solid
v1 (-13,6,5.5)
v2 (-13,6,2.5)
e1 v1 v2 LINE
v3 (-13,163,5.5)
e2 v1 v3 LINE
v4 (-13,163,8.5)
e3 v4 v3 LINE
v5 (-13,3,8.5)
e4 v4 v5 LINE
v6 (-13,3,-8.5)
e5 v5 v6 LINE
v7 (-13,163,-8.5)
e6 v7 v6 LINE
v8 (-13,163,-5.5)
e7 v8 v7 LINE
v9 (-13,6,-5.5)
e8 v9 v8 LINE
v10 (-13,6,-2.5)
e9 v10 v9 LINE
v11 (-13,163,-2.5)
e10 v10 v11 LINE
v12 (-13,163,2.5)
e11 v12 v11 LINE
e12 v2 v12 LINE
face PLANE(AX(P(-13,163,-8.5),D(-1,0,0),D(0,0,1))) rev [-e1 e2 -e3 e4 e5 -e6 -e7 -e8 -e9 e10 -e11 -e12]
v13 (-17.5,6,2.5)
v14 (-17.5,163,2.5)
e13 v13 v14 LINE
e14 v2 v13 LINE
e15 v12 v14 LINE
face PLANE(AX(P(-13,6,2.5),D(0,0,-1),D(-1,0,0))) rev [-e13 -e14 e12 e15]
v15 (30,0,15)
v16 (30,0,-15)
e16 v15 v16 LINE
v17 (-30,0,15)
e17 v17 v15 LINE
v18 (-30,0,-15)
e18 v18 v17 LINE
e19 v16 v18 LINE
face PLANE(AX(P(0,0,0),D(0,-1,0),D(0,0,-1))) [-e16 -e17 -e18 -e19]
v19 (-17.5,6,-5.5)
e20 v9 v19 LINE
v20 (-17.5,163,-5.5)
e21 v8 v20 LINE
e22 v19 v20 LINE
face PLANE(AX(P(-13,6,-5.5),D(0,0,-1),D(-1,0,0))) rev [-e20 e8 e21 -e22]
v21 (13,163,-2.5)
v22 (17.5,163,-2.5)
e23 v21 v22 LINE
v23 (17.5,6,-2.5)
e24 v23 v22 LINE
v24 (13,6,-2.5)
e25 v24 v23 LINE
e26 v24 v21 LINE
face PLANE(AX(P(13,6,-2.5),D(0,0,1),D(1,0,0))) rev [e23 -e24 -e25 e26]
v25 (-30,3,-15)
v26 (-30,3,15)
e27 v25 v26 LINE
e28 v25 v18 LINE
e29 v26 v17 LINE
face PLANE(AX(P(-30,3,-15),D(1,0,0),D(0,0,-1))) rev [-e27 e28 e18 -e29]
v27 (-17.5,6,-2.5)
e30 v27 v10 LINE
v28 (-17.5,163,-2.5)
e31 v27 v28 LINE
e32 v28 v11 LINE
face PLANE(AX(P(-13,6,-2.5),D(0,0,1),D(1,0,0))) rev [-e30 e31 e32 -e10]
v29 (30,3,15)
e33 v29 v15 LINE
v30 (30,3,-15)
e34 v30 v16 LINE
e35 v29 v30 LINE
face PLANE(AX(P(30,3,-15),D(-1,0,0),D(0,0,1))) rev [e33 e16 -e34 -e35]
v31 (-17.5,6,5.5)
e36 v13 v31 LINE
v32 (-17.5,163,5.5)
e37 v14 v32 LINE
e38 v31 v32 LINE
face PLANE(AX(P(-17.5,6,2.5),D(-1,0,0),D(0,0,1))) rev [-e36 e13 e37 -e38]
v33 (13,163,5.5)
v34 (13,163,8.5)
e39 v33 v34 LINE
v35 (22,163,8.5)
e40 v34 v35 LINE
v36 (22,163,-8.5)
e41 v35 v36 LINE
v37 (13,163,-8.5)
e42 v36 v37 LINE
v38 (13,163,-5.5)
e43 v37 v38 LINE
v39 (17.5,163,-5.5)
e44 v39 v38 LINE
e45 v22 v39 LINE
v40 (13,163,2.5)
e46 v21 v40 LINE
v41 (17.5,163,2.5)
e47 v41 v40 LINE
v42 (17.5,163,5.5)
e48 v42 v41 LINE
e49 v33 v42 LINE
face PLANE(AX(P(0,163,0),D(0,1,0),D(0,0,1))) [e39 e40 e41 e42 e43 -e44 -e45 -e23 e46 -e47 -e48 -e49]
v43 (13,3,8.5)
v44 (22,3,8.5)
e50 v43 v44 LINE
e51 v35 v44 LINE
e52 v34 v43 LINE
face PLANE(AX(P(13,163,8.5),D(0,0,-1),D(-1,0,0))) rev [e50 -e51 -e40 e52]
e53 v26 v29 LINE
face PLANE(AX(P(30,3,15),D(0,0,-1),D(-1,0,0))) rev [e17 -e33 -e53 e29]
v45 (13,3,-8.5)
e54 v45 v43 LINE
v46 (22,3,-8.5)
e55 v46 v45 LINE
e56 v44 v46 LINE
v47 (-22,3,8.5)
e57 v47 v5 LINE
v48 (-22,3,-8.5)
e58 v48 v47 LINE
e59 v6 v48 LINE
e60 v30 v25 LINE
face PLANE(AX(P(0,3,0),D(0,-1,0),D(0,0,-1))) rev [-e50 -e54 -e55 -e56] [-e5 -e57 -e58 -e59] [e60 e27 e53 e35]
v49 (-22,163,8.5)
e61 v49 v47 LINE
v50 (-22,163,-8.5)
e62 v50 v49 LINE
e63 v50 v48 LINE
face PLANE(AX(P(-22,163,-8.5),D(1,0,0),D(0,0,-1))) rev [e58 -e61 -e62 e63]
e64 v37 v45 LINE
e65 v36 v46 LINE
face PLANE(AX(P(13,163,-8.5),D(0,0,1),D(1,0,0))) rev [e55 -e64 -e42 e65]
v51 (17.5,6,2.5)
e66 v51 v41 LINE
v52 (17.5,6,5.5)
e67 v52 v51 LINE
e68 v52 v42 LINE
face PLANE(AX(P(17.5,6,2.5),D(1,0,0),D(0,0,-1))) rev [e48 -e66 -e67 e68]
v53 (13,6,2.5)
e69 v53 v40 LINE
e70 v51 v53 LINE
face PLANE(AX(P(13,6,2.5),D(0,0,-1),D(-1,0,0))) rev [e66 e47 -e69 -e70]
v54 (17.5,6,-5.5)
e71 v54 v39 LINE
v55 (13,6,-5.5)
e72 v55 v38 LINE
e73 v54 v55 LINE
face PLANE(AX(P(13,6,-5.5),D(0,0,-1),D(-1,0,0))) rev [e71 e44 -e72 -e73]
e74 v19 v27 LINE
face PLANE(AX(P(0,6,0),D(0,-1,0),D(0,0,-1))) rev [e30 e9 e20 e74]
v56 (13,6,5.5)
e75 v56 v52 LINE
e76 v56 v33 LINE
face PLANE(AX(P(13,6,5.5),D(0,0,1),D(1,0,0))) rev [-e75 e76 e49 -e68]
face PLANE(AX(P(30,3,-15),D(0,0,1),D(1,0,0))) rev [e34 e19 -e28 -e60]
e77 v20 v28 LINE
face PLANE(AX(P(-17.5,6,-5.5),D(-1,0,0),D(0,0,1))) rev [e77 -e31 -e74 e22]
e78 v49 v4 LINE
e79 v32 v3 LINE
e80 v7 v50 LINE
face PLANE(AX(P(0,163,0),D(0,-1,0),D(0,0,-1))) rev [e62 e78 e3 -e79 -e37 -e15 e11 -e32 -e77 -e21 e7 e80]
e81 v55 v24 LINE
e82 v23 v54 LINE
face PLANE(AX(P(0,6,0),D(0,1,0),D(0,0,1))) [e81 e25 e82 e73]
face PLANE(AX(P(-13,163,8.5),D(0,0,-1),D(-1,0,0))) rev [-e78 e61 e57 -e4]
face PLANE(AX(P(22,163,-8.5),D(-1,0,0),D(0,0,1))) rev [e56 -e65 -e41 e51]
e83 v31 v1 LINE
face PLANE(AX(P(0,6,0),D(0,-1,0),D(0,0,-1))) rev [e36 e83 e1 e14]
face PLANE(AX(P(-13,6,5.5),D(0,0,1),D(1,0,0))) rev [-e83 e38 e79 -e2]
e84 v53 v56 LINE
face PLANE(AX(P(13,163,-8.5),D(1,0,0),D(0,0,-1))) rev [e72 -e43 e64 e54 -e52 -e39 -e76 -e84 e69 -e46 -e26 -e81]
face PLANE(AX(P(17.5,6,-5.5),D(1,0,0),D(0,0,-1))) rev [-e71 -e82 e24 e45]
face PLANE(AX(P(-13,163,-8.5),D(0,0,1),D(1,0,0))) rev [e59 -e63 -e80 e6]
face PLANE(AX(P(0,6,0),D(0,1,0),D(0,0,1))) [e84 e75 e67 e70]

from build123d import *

# Parameters (mm, degrees)
SKETCH1_W           = 60
SKETCH1_H           = 30
BOSS_EXTRUDE1_DEPTH = 3
SKETCH2_W           = 9
SKETCH2_H           = 17
BOSS_EXTRUDE2_DEPTH = 160
SKETCH3_W           = 4.5
SKETCH3_H           = 3
CUT_EXTRUDE1_DEPTH  = 157


with BuildPart() as part:
    # Sketch1 → Boss-Extrude1 (new body)
    with BuildSketch(Plane(origin=(0, 0, 0), x_dir=(1, 0, 0), z_dir=(0, 1, 0))):
        Rectangle(SKETCH1_W, SKETCH1_H)
    extrude(amount=BOSS_EXTRUDE1_DEPTH)

    # Sketch2 → Boss-Extrude2 (add)
    with BuildSketch(Plane(origin=(0, 3, 0), x_dir=(1, 0, 0), z_dir=(0, 1, 0))):
        with Locations((17.5, 0)):
            Rectangle(SKETCH2_W, SKETCH2_H)
        with Locations((-17.5, 0)):
            Rectangle(SKETCH2_W, SKETCH2_H)
    extrude(amount=BOSS_EXTRUDE2_DEPTH)

    # Sketch3 → Cut-Extrude1 (cut)
    with BuildSketch(Plane(origin=(0, 163, 0), x_dir=(1, 0, 0), z_dir=(0, 1, 0))):
        with Locations((-15.25, 4)):
            Rectangle(SKETCH3_W, SKETCH3_H)
        with Locations((-15.25, -4)):
            Rectangle(SKETCH3_W, SKETCH3_H)
        with Locations((15.25, -4)):
            Rectangle(SKETCH3_W, SKETCH3_H)
        with Locations((15.25, 4)):
            Rectangle(SKETCH3_W, SKETCH3_H)
    extrude(amount=-CUT_EXTRUDE1_DEPTH, mode=Mode.SUBTRACT)


solid = part.part
